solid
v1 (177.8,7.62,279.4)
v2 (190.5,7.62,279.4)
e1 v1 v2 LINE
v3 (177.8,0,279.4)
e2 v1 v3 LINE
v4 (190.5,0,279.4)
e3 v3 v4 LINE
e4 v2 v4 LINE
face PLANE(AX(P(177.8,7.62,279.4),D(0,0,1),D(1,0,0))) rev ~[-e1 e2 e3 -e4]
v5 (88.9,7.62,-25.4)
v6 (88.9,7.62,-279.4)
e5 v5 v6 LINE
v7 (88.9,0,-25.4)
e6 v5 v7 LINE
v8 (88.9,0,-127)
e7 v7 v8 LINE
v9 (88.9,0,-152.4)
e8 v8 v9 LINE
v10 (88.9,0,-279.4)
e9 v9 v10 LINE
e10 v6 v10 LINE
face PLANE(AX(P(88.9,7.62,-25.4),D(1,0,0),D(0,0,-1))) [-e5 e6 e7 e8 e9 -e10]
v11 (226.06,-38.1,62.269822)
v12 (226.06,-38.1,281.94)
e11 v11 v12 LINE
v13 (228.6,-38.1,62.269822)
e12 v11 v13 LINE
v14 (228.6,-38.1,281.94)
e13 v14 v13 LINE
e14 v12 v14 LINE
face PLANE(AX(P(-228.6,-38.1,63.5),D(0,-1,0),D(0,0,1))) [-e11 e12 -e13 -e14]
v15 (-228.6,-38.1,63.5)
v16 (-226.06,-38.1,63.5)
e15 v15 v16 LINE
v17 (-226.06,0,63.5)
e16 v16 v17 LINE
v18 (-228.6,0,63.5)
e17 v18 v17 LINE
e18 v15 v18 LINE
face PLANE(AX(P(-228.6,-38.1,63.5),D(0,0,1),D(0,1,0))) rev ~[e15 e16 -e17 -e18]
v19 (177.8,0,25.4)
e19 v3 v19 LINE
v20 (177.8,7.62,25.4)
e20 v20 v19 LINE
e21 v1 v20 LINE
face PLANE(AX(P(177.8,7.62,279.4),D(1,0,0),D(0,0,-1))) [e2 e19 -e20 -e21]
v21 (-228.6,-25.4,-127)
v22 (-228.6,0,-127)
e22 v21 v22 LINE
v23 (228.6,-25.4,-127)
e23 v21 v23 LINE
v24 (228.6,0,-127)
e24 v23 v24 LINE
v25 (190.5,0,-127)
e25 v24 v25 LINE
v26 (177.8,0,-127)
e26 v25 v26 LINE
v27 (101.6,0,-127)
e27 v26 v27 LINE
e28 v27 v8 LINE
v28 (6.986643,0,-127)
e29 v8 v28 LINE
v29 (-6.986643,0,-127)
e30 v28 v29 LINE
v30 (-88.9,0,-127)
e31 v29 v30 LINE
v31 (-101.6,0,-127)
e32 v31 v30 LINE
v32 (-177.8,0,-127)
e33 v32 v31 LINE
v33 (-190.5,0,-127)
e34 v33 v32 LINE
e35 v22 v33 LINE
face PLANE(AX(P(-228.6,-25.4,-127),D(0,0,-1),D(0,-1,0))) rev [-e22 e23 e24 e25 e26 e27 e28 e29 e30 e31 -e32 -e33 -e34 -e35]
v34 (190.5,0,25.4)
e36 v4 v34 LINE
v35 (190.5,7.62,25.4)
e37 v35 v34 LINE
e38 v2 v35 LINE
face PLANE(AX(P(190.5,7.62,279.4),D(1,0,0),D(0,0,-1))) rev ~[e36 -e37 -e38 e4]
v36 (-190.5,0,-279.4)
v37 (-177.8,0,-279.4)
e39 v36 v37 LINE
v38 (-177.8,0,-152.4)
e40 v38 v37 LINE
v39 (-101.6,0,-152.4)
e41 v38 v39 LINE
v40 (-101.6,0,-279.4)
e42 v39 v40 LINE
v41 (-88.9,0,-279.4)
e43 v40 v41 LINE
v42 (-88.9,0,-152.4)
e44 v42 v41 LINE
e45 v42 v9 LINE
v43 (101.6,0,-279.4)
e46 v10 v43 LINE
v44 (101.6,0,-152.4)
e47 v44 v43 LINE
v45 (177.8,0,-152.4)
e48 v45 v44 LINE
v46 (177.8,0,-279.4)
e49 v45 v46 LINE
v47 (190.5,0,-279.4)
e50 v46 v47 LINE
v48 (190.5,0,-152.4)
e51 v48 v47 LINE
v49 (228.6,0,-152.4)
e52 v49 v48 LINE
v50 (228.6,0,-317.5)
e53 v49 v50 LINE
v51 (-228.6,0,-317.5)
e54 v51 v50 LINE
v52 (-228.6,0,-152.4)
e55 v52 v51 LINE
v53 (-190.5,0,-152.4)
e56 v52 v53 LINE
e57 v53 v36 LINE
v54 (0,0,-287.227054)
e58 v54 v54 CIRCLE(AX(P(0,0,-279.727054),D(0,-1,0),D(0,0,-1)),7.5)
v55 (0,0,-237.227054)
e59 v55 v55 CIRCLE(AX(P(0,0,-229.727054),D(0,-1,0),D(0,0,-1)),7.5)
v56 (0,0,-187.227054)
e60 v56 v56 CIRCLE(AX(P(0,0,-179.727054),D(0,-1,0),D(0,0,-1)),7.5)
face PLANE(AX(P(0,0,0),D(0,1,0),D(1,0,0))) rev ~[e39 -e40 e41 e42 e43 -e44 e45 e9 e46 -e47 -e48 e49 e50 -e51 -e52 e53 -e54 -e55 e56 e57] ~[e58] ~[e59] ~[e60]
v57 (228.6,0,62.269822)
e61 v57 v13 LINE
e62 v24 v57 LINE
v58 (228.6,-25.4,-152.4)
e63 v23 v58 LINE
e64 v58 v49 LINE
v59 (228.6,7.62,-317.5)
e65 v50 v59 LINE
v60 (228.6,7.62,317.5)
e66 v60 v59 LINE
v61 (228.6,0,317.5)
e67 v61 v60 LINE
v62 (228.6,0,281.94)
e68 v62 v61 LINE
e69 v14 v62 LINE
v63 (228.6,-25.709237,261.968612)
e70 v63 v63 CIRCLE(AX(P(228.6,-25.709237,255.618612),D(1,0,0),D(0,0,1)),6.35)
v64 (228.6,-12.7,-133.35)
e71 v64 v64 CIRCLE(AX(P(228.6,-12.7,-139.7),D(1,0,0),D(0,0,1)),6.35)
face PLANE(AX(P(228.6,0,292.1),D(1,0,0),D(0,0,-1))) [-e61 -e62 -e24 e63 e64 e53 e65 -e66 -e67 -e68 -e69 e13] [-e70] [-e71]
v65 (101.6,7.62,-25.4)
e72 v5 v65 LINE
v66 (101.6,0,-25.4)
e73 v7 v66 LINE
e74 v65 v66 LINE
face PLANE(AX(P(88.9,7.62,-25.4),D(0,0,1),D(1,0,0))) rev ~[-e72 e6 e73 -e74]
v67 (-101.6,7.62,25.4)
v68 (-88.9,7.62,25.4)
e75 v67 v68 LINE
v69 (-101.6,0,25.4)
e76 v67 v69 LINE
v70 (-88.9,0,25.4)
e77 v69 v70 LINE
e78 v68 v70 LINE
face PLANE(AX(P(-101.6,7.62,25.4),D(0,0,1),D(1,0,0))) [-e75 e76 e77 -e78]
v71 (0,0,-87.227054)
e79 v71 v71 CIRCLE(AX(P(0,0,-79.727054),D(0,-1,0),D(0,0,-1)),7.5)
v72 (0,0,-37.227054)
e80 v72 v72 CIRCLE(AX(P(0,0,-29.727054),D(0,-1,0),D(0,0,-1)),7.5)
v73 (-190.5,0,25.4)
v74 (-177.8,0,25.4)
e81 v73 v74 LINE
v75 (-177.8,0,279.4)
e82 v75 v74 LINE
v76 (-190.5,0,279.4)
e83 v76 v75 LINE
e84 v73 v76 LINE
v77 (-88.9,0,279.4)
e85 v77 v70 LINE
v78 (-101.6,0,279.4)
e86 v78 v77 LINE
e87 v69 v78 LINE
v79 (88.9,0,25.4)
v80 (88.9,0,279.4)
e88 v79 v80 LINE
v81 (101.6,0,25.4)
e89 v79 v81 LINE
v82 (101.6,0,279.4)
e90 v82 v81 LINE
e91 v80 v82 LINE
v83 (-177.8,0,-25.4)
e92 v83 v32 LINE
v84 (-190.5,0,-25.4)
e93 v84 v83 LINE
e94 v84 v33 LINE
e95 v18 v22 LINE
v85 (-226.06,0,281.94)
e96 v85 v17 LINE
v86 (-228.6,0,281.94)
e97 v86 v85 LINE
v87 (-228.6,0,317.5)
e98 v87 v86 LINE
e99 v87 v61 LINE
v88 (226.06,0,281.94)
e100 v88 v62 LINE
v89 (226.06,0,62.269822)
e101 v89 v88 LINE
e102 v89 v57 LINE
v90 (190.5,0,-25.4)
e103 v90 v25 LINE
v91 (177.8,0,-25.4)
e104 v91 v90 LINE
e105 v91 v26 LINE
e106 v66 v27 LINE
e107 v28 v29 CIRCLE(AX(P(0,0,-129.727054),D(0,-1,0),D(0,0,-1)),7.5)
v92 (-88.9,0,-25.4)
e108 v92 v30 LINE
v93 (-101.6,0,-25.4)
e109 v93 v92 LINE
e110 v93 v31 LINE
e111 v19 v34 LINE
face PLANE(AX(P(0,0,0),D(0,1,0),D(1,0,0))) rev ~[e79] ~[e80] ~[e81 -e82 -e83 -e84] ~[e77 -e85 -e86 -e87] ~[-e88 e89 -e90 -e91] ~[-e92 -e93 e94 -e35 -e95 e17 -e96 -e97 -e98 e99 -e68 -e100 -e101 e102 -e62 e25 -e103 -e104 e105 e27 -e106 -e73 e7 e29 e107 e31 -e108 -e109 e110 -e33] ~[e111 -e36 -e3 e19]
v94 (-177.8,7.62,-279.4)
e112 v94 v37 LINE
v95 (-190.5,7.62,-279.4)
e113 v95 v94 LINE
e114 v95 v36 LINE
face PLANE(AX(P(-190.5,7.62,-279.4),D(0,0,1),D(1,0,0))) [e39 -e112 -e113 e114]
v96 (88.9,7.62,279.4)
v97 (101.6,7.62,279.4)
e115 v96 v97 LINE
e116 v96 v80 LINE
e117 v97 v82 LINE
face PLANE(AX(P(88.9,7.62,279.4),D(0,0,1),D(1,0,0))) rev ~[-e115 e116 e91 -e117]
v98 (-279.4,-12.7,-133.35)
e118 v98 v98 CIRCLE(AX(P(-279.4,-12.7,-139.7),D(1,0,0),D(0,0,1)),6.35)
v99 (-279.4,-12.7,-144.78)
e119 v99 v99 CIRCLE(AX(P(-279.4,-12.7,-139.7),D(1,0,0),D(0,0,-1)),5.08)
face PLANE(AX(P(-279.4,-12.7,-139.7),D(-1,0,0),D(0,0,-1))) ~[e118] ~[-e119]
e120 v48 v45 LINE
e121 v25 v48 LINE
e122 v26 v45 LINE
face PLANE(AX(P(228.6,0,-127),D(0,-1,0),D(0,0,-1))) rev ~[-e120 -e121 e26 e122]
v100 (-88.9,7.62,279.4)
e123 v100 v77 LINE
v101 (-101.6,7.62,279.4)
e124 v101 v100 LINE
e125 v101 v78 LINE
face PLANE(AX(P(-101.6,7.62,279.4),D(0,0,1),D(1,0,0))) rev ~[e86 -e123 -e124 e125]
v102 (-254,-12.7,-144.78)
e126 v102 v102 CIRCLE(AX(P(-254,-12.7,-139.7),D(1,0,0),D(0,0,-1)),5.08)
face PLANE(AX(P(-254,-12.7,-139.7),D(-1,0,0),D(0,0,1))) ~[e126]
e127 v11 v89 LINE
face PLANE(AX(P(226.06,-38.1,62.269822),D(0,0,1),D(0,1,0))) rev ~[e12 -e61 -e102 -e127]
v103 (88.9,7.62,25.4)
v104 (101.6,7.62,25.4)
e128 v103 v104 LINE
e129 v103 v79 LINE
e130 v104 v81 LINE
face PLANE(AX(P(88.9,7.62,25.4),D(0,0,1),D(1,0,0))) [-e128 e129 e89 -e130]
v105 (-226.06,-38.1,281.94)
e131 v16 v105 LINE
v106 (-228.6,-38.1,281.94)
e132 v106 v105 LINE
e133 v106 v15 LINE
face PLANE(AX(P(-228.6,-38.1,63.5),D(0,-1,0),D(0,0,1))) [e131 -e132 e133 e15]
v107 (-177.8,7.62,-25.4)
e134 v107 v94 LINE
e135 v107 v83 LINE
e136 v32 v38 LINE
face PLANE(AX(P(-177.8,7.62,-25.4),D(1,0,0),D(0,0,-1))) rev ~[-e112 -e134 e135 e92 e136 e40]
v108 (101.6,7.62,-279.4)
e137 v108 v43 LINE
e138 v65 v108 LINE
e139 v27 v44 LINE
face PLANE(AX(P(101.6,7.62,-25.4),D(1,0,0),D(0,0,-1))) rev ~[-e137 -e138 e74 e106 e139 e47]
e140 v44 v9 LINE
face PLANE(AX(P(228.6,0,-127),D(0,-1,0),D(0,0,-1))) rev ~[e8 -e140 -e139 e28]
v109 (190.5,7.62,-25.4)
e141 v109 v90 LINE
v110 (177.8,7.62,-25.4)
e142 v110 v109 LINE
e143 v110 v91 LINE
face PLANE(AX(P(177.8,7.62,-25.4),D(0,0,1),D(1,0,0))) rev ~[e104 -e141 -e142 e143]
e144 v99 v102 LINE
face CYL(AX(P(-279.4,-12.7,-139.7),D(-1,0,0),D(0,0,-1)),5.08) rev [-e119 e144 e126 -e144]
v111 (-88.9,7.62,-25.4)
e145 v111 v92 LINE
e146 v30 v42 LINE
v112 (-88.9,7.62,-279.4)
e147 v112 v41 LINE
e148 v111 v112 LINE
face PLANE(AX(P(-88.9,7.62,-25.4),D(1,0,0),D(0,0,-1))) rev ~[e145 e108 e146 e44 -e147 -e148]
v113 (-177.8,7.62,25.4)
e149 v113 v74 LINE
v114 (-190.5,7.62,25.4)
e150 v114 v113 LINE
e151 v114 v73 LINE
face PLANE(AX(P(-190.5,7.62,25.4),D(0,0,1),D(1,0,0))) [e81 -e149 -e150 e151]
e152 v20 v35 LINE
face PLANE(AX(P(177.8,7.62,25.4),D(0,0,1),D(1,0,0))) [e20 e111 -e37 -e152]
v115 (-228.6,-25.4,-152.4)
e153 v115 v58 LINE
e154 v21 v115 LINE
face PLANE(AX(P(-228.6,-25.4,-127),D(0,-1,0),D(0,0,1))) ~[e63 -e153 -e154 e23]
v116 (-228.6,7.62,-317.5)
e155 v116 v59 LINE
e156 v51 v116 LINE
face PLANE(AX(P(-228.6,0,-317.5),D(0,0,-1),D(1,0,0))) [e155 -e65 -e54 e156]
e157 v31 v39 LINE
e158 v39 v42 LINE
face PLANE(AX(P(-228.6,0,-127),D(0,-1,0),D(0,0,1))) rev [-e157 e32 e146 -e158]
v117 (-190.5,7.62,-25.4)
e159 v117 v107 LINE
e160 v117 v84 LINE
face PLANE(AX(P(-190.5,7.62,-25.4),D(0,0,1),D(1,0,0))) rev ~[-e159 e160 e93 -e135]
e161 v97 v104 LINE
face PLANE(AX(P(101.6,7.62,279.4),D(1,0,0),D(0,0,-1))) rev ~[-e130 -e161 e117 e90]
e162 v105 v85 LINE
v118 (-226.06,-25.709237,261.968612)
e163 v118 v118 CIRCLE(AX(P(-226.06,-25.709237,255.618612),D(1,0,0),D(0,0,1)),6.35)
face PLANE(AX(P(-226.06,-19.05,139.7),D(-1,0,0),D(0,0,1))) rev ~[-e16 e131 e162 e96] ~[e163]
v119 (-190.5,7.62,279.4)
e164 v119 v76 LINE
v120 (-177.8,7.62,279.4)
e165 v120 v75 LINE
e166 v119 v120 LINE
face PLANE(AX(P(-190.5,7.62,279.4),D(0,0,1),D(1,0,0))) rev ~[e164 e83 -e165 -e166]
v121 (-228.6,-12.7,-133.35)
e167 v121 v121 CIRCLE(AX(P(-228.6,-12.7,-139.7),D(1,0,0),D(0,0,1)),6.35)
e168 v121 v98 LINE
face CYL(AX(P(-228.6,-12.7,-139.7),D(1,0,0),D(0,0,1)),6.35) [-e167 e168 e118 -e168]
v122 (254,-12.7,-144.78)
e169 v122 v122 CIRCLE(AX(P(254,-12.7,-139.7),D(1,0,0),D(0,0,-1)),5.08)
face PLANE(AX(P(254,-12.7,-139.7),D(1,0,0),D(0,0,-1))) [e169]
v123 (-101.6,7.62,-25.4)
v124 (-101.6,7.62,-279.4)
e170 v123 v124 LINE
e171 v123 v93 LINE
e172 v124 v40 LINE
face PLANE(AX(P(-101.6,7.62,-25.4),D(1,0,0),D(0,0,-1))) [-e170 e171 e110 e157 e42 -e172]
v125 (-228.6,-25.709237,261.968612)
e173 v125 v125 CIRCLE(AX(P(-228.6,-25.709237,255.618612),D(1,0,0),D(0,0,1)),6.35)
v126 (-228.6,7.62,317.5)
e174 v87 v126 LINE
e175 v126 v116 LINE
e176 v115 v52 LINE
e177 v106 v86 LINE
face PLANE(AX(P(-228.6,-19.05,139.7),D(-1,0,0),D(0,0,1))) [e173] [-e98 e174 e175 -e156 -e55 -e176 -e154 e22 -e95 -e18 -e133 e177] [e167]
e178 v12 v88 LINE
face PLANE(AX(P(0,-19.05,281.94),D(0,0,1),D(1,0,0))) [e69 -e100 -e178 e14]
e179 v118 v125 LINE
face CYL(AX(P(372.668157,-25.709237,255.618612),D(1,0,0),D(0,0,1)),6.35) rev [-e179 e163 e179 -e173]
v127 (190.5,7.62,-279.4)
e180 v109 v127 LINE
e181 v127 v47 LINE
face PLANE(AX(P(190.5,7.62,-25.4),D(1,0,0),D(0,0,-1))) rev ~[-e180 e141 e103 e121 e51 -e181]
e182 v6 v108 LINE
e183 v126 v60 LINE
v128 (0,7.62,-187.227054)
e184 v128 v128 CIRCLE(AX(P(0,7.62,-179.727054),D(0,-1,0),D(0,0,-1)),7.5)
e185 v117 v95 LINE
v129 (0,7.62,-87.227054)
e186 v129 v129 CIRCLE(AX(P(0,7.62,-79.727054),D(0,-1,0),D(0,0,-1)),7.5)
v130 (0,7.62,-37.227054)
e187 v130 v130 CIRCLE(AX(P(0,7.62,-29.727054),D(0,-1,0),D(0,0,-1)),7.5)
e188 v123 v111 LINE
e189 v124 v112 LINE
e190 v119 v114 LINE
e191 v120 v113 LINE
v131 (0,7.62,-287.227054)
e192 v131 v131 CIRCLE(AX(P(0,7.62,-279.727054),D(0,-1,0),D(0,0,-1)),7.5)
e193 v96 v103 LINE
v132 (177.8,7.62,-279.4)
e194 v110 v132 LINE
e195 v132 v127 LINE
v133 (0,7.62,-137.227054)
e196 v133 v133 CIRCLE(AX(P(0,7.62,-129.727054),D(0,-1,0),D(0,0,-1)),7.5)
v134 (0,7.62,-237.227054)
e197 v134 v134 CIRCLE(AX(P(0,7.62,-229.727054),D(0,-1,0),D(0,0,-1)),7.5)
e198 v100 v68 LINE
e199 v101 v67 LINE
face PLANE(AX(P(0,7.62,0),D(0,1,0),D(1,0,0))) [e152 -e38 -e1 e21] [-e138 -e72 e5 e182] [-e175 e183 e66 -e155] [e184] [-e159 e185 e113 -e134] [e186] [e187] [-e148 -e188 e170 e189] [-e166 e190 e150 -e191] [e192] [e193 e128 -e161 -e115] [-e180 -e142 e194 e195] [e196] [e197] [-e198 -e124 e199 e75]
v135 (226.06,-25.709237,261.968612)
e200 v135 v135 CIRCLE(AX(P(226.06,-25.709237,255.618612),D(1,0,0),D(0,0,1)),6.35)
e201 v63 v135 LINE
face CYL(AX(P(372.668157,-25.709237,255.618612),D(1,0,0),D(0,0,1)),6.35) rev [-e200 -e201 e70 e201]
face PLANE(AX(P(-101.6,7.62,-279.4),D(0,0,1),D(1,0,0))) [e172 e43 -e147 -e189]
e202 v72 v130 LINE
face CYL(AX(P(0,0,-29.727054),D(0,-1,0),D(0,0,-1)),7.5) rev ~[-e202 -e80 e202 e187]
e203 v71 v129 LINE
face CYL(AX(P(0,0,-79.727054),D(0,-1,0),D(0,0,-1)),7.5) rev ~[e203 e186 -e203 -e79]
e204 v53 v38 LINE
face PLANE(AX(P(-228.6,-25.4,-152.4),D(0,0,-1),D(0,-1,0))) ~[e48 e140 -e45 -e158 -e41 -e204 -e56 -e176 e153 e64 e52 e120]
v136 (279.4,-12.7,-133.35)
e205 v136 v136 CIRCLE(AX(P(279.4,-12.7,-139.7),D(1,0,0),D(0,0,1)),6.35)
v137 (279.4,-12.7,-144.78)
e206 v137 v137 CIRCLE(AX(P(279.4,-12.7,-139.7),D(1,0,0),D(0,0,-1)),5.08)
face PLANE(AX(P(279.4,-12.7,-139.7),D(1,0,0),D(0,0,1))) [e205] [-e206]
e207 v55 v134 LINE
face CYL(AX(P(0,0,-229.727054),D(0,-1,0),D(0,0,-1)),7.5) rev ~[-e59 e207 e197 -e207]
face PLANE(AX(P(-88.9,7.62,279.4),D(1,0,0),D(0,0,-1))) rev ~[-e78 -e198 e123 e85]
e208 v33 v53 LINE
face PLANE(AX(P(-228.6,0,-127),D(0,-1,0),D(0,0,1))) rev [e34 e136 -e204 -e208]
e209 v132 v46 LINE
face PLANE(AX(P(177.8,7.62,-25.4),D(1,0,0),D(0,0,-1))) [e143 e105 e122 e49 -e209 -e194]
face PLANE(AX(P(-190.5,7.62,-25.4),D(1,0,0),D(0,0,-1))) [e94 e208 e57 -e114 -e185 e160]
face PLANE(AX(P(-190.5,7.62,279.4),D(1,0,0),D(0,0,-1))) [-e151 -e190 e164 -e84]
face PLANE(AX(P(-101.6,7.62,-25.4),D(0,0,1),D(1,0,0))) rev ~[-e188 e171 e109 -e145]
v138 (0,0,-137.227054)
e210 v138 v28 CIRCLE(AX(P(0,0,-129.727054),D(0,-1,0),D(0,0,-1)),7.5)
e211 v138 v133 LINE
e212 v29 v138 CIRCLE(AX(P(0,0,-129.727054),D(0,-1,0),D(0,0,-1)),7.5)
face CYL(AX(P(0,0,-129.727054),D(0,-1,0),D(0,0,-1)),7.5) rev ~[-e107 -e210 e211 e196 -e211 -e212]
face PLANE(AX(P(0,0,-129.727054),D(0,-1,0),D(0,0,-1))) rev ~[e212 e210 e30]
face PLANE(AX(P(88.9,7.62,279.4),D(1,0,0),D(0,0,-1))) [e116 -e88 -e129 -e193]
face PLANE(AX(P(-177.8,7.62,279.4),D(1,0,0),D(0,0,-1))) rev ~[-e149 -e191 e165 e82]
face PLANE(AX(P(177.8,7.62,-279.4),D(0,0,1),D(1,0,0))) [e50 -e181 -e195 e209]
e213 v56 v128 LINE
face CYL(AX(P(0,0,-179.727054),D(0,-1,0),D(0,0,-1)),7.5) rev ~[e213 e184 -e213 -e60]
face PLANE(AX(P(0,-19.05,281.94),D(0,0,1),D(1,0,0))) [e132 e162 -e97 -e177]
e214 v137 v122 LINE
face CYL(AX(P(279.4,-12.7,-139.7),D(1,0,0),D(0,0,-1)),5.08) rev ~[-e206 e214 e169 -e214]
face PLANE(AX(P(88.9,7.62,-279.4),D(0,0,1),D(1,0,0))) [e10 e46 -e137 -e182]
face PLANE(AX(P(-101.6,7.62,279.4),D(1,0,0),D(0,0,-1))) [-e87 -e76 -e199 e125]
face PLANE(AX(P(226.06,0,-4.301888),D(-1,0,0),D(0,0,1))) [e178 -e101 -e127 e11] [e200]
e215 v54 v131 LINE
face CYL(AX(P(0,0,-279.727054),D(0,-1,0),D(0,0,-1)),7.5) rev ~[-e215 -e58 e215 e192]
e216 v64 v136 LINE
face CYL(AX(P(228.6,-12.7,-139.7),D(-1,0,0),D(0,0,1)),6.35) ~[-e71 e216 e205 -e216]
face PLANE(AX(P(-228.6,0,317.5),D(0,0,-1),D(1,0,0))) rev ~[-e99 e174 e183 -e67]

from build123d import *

# Parameters (mm, degrees)
SKETCH1_W               = 457.2
SKETCH1_H               = 635
BOSS_EXTRUDE1_DEPTH     = 7.62
SKETCH2_W               = 12.7
SKETCH2_H               = 254
CUT_EXTRUDE1_DEPTH      = 392.308413403
SKETCH5_W               = 25.4
SKETCH5_H               = 25.4
BOSS_EXTRUDE3_DEPTH     = 228.6
SKETCH6_R               = 6.35
BOSS_EXTRUDE4_DEPTH     = 50.8
BOSS_EXTRUDE6_DEPTH     = 38.1
CUT_EXTRUDE2_DEPTH      = 426.395026299
CUT_EXTRUDE2_DEPTH_BACK = 38.1
SKETCH8_W               = 152.4
SKETCH8_H               = 38.1
BOSS_EXTRUDE7_DEPTH     = 2.54
SKETCH9_W               = 457.2
SKETCH9_H               = 38.1
CUT_EXTRUDE3_DEPTH      = 10.16
CUT_EXTRUDE4_DEPTH      = 601.268156743
CUT_EXTRUDE4_DEPTH_BACK = 601.268156743
SKETCH10_R              = 6.35
SKETCH11_R              = 5.08
CUT_EXTRUDE5_DEPTH      = 25.4
SKETCH12_W              = 67.801888186
SKETCH12_H              = 38.1
CUT_EXTRUDE7_DEPTH      = 599.120114693
SKETCH16_R              = 7.5
CUT_EXTRUDE9_DEPTH      = 425.643638831
LPATTERN1_COUNT         = 5
LPATTERN1_PITCH         = 50
LPATTERN2_COUNT         = 3
LPATTERN2_PITCH         = 50


with BuildPart() as part:
    # Sketch1 → Boss-Extrude1 (new body)
    with BuildSketch(Plane(origin=(0, 0, 0), x_dir=(1, 0, 0), z_dir=(0, 1, 0))):
        Rectangle(SKETCH1_W, SKETCH1_H)
    extrude(amount=BOSS_EXTRUDE1_DEPTH)

    # Sketch2 → Cut-Extrude1 (cut, through all)
    with BuildSketch(Plane(origin=(0, 7.62, 0), x_dir=(1, 0, 0), z_dir=(0, 1, 0))):
        with Locations((-95.25, 152.4)):
            Rectangle(SKETCH2_W, SKETCH2_H)
        with Locations((-95.25, -152.4)):
            Rectangle(SKETCH2_W, SKETCH2_H)
        with Locations((-184.15, 152.4)):
            Rectangle(SKETCH2_W, SKETCH2_H)
        with Locations((-184.15, -152.4)):
            Rectangle(SKETCH2_W, SKETCH2_H)
        with Locations((184.15, 152.4)):
            Rectangle(SKETCH2_W, SKETCH2_H)
        with Locations((95.25, 152.4)):
            Rectangle(SKETCH2_W, SKETCH2_H)
        with Locations((184.15, -152.4)):
            Rectangle(SKETCH2_W, SKETCH2_H)
        with Locations((95.25, -152.4)):
            Rectangle(SKETCH2_W, SKETCH2_H)
    extrude(amount=-CUT_EXTRUDE1_DEPTH, mode=Mode.SUBTRACT)

    # Sketch5 → Boss-Extrude3 (add)
    with BuildSketch(Plane(origin=(228.6, 0, 0), x_dir=(0, 0, -1), z_dir=(1, 0, 0))):
        with Locations((139.7, -12.7)):
            Rectangle(SKETCH5_W, SKETCH5_H)
    boss_extrude3 = extrude(amount=-BOSS_EXTRUDE3_DEPTH)

    # Sketch6 → Boss-Extrude4 (add)
    with BuildSketch(Plane(origin=(228.6, 0, 0), x_dir=(0, 0, -1), z_dir=(1, 0, 0))):
        with Locations(Location((139.7, -12.7, 0), (0, 0, 180))):
            Circle(SKETCH6_R)
    boss_extrude4 = extrude(amount=BOSS_EXTRUDE4_DEPTH)

    # Sketch3 → Boss-Extrude6 (add)
    with BuildSketch(Plane.XZ):
        Polygon((-228.6, 292.1), (228.6, 292.1), (228.6, -5.532066332), (-228.6, 215.9), align=None)
    extrude(amount=BOSS_EXTRUDE6_DEPTH)

    # Mirror2: Boss-Extrude3, Boss-Extrude4 across plane
    add(boss_extrude3.mirror(Plane(origin=(0, 0, 0), x_dir=(0, 0, 1), z_dir=(1, 0, 0))))
    add(boss_extrude4.mirror(Plane(origin=(0, 0, 0), x_dir=(0, 0, 1), z_dir=(1, 0, 0))))

    # Sketch7 → Cut-Extrude2 (cut, two sides: drawn at the far end of the back side and taken through both)
    with BuildSketch(Plane.XZ.offset(38.1).offset(-CUT_EXTRUDE2_DEPTH_BACK)):
        Polygon((-226.06, 214.669821854), (226.06, -4.301888186), (226.06, 289.56), (-226.06, 289.56), align=None)
    extrude(amount=CUT_EXTRUDE2_DEPTH + CUT_EXTRUDE2_DEPTH_BACK, mode=Mode.SUBTRACT)

    # Sketch8 → Boss-Extrude7 (add)
    with BuildSketch(Plane.ZY.offset(228.6)):
        with Locations((139.7, -19.05)):
            Rectangle(SKETCH8_W, SKETCH8_H)
    extrude(amount=-BOSS_EXTRUDE7_DEPTH)

    # Sketch9 → Cut-Extrude3 (cut)
    with BuildSketch(Plane.XY.offset(292.1)):
        with Locations((0, -19.05)):
            Rectangle(SKETCH9_W, SKETCH9_H)
    extrude(amount=-CUT_EXTRUDE3_DEPTH, mode=Mode.SUBTRACT)

    # Sketch10 → Cut-Extrude4 (cut, two sides: drawn at the far end of the back side and taken through both)
    with BuildSketch(Plane.ZY.offset(228.6).offset(-CUT_EXTRUDE4_DEPTH_BACK)):
        with Locations((255.61861162, -25.709236818)):
            Circle(SKETCH10_R)
    extrude(amount=CUT_EXTRUDE4_DEPTH + CUT_EXTRUDE4_DEPTH_BACK, mode=Mode.SUBTRACT)

    # Sketch11 → Cut-Extrude5 (cut)
    with BuildSketch(Plane(origin=(279.4, 0, 0), x_dir=(0, 0, -1), z_dir=(1, 0, 0))):
        with Locations((139.7, -12.7)):
            Circle(SKETCH11_R)
    cut_extrude5 = extrude(amount=-CUT_EXTRUDE5_DEPTH, mode=Mode.SUBTRACT)

    # Mirror3: Cut-Extrude5 across plane
    add(cut_extrude5.mirror(Plane(origin=(0, 0, 0), x_dir=(0, 0, 1), z_dir=(1, 0, 0))), mode=Mode.SUBTRACT)

    # Sketch12 → Cut-Extrude7 (cut, through all)
    with BuildSketch(Plane.ZY.offset(-226.06)):
        with Locations((28.368877761, -19.05)):
            Rectangle(SKETCH12_W, SKETCH12_H)
    extrude(amount=-CUT_EXTRUDE7_DEPTH, mode=Mode.SUBTRACT)

    # Sketch16 → Cut-Extrude9 (cut, through all)
    with BuildSketch(Plane.XZ):
        with Locations(Location((0, -229.727054267, 0), (0, 0, 270))):
            Circle(SKETCH16_R)
    cut_extrude9 = extrude(amount=-CUT_EXTRUDE9_DEPTH, mode=Mode.SUBTRACT)

    # LPattern1: Cut-Extrude9 ×5
    with Locations(*[(0, 0, i * LPATTERN1_PITCH) for i in range(1, LPATTERN1_COUNT)]):
        add(cut_extrude9, mode=Mode.SUBTRACT)

    # LPattern2: Cut-Extrude9 ×3
    with Locations(*[(0, 0, -i * LPATTERN2_PITCH) for i in range(1, LPATTERN2_COUNT)]):
        add(cut_extrude9, mode=Mode.SUBTRACT)


solid = part.part
